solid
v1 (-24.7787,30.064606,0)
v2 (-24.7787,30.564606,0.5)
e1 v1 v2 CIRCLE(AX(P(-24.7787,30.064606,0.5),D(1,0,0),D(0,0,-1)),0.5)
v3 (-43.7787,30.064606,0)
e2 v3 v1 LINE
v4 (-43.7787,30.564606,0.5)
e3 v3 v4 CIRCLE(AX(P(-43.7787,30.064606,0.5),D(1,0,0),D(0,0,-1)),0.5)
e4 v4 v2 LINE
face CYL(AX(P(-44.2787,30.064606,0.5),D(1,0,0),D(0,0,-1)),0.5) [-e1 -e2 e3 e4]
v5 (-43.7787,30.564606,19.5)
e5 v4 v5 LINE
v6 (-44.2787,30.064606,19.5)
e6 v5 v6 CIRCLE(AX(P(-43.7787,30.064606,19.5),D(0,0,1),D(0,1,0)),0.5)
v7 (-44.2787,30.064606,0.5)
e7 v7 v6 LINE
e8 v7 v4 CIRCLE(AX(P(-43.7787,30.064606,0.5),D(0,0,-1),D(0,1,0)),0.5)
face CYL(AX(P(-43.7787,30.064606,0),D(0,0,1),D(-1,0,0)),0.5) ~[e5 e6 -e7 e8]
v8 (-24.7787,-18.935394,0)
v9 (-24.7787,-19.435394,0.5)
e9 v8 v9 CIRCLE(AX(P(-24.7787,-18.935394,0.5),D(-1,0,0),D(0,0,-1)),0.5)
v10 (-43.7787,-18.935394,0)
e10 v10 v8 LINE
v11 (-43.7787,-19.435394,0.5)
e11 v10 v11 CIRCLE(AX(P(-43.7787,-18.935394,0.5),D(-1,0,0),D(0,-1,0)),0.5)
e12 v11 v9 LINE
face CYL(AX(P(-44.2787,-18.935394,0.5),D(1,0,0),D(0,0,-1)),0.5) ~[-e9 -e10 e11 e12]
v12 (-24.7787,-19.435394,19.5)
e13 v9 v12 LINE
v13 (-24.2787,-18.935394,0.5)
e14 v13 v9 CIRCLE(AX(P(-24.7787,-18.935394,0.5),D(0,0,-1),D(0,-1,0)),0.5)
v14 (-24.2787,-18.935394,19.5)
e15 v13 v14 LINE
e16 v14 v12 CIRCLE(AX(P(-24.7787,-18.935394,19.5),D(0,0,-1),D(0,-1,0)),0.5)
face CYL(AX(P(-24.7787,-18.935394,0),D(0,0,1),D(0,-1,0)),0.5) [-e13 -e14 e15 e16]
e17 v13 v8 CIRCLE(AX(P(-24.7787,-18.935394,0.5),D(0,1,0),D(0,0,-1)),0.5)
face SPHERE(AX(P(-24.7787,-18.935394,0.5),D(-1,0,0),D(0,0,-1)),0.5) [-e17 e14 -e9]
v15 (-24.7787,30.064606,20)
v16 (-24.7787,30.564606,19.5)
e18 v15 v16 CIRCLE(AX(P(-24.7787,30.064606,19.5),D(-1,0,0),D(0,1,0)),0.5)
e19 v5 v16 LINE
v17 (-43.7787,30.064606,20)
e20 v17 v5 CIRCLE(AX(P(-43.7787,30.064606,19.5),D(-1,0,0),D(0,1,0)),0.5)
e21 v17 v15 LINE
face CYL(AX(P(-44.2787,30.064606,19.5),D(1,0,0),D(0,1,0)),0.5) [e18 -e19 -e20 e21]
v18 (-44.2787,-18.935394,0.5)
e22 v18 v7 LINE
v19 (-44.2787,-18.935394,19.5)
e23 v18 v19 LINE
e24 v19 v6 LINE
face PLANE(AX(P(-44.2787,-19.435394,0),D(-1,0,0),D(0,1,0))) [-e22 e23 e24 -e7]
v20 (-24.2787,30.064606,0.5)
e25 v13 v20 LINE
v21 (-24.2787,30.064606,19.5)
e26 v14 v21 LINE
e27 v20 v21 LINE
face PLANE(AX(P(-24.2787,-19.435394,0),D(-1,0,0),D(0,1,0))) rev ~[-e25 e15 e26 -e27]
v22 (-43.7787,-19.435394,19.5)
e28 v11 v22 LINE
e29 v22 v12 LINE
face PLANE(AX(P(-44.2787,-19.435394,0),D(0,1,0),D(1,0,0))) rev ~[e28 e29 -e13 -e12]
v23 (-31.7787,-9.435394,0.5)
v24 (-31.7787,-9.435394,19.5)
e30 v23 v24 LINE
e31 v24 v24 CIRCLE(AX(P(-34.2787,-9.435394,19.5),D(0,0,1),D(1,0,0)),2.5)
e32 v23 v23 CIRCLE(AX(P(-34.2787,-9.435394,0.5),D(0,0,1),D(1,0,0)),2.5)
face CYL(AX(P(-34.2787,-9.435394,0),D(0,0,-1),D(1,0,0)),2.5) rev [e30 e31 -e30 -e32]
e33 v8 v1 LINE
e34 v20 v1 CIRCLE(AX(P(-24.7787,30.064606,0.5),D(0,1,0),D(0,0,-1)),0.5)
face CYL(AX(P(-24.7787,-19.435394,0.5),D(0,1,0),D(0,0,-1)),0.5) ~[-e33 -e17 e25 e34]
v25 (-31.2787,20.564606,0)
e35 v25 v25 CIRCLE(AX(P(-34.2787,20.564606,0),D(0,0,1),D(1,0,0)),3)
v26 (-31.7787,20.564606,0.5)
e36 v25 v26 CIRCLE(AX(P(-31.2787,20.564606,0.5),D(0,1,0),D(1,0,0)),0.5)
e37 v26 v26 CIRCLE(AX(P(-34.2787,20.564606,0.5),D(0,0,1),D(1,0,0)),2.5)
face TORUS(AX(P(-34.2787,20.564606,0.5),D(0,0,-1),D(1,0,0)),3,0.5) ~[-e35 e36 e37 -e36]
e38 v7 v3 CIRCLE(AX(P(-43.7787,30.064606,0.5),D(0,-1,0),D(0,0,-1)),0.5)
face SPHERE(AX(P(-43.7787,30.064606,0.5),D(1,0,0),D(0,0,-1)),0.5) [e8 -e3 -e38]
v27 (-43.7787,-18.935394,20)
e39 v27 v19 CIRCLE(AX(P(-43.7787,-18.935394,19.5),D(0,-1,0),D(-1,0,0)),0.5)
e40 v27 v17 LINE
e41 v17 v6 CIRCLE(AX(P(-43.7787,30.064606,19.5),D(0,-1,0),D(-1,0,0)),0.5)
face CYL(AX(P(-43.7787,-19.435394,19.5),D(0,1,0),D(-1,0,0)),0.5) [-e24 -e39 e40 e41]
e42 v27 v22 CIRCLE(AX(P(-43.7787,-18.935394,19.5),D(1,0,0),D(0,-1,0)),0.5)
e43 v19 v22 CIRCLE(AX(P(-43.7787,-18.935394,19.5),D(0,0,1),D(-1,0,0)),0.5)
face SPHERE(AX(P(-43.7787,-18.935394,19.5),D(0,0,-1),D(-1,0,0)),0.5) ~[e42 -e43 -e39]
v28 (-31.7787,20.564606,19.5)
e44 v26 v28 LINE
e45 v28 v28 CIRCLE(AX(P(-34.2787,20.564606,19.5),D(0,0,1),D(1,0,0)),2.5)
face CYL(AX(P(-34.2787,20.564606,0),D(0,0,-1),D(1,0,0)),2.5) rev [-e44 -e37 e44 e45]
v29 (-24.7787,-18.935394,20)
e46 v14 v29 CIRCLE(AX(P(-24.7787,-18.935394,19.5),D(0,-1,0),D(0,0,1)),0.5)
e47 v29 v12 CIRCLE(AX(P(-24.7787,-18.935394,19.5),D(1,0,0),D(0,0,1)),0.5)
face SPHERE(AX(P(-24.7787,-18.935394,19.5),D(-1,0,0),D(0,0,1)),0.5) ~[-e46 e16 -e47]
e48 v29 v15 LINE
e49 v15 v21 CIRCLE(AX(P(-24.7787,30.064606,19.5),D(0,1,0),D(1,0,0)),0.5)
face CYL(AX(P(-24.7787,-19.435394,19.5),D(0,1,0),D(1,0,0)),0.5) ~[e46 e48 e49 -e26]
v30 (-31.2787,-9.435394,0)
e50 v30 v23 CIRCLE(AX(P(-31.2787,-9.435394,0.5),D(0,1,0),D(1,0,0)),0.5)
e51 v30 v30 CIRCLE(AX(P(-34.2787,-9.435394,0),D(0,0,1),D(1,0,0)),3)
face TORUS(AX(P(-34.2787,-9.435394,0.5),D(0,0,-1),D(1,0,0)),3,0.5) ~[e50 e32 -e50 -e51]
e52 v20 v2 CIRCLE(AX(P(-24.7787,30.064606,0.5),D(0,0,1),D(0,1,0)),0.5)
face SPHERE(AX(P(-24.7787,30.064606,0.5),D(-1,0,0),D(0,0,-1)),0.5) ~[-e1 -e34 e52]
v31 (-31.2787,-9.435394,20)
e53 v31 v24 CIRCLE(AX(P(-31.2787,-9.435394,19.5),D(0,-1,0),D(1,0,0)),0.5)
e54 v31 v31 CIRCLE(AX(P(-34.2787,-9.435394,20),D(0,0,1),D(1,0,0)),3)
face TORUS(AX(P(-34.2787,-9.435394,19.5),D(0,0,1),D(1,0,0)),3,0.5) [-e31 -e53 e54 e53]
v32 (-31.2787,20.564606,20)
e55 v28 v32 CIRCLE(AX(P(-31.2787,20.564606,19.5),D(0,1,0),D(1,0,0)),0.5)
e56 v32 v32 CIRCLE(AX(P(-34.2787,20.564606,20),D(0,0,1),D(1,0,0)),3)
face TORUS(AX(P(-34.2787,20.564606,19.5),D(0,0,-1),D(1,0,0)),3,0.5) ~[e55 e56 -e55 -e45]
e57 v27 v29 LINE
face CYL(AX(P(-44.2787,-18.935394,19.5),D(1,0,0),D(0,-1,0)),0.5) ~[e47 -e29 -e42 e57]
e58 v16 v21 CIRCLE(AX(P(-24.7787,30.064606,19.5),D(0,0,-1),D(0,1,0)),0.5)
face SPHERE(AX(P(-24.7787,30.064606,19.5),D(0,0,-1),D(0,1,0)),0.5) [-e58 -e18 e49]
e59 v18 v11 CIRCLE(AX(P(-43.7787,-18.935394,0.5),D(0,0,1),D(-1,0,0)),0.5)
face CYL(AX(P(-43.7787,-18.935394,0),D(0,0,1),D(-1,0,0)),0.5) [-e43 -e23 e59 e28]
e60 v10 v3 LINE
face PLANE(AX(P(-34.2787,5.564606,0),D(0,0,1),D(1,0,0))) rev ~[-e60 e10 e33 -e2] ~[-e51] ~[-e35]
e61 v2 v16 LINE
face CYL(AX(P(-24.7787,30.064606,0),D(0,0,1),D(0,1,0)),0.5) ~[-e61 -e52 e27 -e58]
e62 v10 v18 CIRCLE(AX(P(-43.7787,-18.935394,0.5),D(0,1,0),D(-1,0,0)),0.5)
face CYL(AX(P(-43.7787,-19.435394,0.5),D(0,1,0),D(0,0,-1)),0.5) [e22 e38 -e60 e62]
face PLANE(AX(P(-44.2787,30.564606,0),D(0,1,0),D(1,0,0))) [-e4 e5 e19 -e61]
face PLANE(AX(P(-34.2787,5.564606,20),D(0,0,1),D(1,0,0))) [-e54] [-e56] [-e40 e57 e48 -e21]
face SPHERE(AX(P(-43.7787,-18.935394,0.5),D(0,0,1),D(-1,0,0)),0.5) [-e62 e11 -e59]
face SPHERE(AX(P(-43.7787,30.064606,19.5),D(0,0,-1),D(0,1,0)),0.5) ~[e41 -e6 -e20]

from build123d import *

# Parameters (mm, degrees)
F0_W     = 20
F0_H     = 50
F0_R     = 2.5
F1_DEPTH = 20
F2_R     = 0.5
F3_R     = 0.5
F4_R     = 0.5
F5_R     = 0.5


with BuildPart() as f1:
    # F0 (on Top) → F1 (new body)
    with BuildSketch(Plane.XY):
        with Locations((-34.2786995421, 5.5646058172)):
            Rectangle(F0_W, F0_H)
        with Locations((-34.2786995421, -9.4353941828)):
            Circle(F0_R, mode=Mode.SUBTRACT)
        with Locations((-34.2786995421, 20.5646058172)):
            Circle(F0_R, mode=Mode.SUBTRACT)
    extrude(amount=F1_DEPTH)

    # F2
    f2_edges = [f1.edges().sort_by_distance(p)[0] for p in [
        (-36.7787, 20.564606, 20),
    ]]
    fillet(f2_edges, radius=F2_R)

    # F3
    f3_edges = [f1.edges().sort_by_distance(p)[0] for p in [
        (-31.7787, -9.435394, 10),
        (-36.7787, -9.435394, 0),
        (-36.7787, -9.435394, 20),
    ]]
    fillet(f3_edges, radius=F3_R)

    # F4
    f4_edges = [f1.edges().sort_by_distance(p)[0] for p in [
        (-36.7787, 20.564606, 0),
    ]]
    fillet(f4_edges, radius=F4_R)

    # F5
    f5_edges = [f1.edges().sort_by_distance(p)[0] for p in [
        (-44.2787, -19.435394, 10),
        (-37.2787, 20.564606, 0),
        (-37.2787, -9.435394, 0),
        (-34.2787, 30.564606, 0),
        (-44.2787, 5.564606, 0),
        (-34.2787, -19.435394, 0),
        (-24.2787, 5.564606, 0),
        (-24.2787, 30.564606, 10),
        (-44.2787, 30.564606, 10),
        (-34.2787, 30.564606, 20),
        (-44.2787, 5.564606, 20),
        (-37.2787, -9.435394, 20),
        (-37.2787, 20.564606, 20),
        (-34.2787, -19.435394, 20),
        (-24.2787, 5.564606, 20),
        (-24.2787, -19.435394, 10),
        (-36.7787, -9.435394, 19.5),
        (-36.7787, 20.564606, 19.5),
        (-36.7787, -9.435394, 0.5),
        (-36.7787, 20.564606, 0.5),
    ]]
    fillet(f5_edges, radius=F5_R)


solid = f1.part
